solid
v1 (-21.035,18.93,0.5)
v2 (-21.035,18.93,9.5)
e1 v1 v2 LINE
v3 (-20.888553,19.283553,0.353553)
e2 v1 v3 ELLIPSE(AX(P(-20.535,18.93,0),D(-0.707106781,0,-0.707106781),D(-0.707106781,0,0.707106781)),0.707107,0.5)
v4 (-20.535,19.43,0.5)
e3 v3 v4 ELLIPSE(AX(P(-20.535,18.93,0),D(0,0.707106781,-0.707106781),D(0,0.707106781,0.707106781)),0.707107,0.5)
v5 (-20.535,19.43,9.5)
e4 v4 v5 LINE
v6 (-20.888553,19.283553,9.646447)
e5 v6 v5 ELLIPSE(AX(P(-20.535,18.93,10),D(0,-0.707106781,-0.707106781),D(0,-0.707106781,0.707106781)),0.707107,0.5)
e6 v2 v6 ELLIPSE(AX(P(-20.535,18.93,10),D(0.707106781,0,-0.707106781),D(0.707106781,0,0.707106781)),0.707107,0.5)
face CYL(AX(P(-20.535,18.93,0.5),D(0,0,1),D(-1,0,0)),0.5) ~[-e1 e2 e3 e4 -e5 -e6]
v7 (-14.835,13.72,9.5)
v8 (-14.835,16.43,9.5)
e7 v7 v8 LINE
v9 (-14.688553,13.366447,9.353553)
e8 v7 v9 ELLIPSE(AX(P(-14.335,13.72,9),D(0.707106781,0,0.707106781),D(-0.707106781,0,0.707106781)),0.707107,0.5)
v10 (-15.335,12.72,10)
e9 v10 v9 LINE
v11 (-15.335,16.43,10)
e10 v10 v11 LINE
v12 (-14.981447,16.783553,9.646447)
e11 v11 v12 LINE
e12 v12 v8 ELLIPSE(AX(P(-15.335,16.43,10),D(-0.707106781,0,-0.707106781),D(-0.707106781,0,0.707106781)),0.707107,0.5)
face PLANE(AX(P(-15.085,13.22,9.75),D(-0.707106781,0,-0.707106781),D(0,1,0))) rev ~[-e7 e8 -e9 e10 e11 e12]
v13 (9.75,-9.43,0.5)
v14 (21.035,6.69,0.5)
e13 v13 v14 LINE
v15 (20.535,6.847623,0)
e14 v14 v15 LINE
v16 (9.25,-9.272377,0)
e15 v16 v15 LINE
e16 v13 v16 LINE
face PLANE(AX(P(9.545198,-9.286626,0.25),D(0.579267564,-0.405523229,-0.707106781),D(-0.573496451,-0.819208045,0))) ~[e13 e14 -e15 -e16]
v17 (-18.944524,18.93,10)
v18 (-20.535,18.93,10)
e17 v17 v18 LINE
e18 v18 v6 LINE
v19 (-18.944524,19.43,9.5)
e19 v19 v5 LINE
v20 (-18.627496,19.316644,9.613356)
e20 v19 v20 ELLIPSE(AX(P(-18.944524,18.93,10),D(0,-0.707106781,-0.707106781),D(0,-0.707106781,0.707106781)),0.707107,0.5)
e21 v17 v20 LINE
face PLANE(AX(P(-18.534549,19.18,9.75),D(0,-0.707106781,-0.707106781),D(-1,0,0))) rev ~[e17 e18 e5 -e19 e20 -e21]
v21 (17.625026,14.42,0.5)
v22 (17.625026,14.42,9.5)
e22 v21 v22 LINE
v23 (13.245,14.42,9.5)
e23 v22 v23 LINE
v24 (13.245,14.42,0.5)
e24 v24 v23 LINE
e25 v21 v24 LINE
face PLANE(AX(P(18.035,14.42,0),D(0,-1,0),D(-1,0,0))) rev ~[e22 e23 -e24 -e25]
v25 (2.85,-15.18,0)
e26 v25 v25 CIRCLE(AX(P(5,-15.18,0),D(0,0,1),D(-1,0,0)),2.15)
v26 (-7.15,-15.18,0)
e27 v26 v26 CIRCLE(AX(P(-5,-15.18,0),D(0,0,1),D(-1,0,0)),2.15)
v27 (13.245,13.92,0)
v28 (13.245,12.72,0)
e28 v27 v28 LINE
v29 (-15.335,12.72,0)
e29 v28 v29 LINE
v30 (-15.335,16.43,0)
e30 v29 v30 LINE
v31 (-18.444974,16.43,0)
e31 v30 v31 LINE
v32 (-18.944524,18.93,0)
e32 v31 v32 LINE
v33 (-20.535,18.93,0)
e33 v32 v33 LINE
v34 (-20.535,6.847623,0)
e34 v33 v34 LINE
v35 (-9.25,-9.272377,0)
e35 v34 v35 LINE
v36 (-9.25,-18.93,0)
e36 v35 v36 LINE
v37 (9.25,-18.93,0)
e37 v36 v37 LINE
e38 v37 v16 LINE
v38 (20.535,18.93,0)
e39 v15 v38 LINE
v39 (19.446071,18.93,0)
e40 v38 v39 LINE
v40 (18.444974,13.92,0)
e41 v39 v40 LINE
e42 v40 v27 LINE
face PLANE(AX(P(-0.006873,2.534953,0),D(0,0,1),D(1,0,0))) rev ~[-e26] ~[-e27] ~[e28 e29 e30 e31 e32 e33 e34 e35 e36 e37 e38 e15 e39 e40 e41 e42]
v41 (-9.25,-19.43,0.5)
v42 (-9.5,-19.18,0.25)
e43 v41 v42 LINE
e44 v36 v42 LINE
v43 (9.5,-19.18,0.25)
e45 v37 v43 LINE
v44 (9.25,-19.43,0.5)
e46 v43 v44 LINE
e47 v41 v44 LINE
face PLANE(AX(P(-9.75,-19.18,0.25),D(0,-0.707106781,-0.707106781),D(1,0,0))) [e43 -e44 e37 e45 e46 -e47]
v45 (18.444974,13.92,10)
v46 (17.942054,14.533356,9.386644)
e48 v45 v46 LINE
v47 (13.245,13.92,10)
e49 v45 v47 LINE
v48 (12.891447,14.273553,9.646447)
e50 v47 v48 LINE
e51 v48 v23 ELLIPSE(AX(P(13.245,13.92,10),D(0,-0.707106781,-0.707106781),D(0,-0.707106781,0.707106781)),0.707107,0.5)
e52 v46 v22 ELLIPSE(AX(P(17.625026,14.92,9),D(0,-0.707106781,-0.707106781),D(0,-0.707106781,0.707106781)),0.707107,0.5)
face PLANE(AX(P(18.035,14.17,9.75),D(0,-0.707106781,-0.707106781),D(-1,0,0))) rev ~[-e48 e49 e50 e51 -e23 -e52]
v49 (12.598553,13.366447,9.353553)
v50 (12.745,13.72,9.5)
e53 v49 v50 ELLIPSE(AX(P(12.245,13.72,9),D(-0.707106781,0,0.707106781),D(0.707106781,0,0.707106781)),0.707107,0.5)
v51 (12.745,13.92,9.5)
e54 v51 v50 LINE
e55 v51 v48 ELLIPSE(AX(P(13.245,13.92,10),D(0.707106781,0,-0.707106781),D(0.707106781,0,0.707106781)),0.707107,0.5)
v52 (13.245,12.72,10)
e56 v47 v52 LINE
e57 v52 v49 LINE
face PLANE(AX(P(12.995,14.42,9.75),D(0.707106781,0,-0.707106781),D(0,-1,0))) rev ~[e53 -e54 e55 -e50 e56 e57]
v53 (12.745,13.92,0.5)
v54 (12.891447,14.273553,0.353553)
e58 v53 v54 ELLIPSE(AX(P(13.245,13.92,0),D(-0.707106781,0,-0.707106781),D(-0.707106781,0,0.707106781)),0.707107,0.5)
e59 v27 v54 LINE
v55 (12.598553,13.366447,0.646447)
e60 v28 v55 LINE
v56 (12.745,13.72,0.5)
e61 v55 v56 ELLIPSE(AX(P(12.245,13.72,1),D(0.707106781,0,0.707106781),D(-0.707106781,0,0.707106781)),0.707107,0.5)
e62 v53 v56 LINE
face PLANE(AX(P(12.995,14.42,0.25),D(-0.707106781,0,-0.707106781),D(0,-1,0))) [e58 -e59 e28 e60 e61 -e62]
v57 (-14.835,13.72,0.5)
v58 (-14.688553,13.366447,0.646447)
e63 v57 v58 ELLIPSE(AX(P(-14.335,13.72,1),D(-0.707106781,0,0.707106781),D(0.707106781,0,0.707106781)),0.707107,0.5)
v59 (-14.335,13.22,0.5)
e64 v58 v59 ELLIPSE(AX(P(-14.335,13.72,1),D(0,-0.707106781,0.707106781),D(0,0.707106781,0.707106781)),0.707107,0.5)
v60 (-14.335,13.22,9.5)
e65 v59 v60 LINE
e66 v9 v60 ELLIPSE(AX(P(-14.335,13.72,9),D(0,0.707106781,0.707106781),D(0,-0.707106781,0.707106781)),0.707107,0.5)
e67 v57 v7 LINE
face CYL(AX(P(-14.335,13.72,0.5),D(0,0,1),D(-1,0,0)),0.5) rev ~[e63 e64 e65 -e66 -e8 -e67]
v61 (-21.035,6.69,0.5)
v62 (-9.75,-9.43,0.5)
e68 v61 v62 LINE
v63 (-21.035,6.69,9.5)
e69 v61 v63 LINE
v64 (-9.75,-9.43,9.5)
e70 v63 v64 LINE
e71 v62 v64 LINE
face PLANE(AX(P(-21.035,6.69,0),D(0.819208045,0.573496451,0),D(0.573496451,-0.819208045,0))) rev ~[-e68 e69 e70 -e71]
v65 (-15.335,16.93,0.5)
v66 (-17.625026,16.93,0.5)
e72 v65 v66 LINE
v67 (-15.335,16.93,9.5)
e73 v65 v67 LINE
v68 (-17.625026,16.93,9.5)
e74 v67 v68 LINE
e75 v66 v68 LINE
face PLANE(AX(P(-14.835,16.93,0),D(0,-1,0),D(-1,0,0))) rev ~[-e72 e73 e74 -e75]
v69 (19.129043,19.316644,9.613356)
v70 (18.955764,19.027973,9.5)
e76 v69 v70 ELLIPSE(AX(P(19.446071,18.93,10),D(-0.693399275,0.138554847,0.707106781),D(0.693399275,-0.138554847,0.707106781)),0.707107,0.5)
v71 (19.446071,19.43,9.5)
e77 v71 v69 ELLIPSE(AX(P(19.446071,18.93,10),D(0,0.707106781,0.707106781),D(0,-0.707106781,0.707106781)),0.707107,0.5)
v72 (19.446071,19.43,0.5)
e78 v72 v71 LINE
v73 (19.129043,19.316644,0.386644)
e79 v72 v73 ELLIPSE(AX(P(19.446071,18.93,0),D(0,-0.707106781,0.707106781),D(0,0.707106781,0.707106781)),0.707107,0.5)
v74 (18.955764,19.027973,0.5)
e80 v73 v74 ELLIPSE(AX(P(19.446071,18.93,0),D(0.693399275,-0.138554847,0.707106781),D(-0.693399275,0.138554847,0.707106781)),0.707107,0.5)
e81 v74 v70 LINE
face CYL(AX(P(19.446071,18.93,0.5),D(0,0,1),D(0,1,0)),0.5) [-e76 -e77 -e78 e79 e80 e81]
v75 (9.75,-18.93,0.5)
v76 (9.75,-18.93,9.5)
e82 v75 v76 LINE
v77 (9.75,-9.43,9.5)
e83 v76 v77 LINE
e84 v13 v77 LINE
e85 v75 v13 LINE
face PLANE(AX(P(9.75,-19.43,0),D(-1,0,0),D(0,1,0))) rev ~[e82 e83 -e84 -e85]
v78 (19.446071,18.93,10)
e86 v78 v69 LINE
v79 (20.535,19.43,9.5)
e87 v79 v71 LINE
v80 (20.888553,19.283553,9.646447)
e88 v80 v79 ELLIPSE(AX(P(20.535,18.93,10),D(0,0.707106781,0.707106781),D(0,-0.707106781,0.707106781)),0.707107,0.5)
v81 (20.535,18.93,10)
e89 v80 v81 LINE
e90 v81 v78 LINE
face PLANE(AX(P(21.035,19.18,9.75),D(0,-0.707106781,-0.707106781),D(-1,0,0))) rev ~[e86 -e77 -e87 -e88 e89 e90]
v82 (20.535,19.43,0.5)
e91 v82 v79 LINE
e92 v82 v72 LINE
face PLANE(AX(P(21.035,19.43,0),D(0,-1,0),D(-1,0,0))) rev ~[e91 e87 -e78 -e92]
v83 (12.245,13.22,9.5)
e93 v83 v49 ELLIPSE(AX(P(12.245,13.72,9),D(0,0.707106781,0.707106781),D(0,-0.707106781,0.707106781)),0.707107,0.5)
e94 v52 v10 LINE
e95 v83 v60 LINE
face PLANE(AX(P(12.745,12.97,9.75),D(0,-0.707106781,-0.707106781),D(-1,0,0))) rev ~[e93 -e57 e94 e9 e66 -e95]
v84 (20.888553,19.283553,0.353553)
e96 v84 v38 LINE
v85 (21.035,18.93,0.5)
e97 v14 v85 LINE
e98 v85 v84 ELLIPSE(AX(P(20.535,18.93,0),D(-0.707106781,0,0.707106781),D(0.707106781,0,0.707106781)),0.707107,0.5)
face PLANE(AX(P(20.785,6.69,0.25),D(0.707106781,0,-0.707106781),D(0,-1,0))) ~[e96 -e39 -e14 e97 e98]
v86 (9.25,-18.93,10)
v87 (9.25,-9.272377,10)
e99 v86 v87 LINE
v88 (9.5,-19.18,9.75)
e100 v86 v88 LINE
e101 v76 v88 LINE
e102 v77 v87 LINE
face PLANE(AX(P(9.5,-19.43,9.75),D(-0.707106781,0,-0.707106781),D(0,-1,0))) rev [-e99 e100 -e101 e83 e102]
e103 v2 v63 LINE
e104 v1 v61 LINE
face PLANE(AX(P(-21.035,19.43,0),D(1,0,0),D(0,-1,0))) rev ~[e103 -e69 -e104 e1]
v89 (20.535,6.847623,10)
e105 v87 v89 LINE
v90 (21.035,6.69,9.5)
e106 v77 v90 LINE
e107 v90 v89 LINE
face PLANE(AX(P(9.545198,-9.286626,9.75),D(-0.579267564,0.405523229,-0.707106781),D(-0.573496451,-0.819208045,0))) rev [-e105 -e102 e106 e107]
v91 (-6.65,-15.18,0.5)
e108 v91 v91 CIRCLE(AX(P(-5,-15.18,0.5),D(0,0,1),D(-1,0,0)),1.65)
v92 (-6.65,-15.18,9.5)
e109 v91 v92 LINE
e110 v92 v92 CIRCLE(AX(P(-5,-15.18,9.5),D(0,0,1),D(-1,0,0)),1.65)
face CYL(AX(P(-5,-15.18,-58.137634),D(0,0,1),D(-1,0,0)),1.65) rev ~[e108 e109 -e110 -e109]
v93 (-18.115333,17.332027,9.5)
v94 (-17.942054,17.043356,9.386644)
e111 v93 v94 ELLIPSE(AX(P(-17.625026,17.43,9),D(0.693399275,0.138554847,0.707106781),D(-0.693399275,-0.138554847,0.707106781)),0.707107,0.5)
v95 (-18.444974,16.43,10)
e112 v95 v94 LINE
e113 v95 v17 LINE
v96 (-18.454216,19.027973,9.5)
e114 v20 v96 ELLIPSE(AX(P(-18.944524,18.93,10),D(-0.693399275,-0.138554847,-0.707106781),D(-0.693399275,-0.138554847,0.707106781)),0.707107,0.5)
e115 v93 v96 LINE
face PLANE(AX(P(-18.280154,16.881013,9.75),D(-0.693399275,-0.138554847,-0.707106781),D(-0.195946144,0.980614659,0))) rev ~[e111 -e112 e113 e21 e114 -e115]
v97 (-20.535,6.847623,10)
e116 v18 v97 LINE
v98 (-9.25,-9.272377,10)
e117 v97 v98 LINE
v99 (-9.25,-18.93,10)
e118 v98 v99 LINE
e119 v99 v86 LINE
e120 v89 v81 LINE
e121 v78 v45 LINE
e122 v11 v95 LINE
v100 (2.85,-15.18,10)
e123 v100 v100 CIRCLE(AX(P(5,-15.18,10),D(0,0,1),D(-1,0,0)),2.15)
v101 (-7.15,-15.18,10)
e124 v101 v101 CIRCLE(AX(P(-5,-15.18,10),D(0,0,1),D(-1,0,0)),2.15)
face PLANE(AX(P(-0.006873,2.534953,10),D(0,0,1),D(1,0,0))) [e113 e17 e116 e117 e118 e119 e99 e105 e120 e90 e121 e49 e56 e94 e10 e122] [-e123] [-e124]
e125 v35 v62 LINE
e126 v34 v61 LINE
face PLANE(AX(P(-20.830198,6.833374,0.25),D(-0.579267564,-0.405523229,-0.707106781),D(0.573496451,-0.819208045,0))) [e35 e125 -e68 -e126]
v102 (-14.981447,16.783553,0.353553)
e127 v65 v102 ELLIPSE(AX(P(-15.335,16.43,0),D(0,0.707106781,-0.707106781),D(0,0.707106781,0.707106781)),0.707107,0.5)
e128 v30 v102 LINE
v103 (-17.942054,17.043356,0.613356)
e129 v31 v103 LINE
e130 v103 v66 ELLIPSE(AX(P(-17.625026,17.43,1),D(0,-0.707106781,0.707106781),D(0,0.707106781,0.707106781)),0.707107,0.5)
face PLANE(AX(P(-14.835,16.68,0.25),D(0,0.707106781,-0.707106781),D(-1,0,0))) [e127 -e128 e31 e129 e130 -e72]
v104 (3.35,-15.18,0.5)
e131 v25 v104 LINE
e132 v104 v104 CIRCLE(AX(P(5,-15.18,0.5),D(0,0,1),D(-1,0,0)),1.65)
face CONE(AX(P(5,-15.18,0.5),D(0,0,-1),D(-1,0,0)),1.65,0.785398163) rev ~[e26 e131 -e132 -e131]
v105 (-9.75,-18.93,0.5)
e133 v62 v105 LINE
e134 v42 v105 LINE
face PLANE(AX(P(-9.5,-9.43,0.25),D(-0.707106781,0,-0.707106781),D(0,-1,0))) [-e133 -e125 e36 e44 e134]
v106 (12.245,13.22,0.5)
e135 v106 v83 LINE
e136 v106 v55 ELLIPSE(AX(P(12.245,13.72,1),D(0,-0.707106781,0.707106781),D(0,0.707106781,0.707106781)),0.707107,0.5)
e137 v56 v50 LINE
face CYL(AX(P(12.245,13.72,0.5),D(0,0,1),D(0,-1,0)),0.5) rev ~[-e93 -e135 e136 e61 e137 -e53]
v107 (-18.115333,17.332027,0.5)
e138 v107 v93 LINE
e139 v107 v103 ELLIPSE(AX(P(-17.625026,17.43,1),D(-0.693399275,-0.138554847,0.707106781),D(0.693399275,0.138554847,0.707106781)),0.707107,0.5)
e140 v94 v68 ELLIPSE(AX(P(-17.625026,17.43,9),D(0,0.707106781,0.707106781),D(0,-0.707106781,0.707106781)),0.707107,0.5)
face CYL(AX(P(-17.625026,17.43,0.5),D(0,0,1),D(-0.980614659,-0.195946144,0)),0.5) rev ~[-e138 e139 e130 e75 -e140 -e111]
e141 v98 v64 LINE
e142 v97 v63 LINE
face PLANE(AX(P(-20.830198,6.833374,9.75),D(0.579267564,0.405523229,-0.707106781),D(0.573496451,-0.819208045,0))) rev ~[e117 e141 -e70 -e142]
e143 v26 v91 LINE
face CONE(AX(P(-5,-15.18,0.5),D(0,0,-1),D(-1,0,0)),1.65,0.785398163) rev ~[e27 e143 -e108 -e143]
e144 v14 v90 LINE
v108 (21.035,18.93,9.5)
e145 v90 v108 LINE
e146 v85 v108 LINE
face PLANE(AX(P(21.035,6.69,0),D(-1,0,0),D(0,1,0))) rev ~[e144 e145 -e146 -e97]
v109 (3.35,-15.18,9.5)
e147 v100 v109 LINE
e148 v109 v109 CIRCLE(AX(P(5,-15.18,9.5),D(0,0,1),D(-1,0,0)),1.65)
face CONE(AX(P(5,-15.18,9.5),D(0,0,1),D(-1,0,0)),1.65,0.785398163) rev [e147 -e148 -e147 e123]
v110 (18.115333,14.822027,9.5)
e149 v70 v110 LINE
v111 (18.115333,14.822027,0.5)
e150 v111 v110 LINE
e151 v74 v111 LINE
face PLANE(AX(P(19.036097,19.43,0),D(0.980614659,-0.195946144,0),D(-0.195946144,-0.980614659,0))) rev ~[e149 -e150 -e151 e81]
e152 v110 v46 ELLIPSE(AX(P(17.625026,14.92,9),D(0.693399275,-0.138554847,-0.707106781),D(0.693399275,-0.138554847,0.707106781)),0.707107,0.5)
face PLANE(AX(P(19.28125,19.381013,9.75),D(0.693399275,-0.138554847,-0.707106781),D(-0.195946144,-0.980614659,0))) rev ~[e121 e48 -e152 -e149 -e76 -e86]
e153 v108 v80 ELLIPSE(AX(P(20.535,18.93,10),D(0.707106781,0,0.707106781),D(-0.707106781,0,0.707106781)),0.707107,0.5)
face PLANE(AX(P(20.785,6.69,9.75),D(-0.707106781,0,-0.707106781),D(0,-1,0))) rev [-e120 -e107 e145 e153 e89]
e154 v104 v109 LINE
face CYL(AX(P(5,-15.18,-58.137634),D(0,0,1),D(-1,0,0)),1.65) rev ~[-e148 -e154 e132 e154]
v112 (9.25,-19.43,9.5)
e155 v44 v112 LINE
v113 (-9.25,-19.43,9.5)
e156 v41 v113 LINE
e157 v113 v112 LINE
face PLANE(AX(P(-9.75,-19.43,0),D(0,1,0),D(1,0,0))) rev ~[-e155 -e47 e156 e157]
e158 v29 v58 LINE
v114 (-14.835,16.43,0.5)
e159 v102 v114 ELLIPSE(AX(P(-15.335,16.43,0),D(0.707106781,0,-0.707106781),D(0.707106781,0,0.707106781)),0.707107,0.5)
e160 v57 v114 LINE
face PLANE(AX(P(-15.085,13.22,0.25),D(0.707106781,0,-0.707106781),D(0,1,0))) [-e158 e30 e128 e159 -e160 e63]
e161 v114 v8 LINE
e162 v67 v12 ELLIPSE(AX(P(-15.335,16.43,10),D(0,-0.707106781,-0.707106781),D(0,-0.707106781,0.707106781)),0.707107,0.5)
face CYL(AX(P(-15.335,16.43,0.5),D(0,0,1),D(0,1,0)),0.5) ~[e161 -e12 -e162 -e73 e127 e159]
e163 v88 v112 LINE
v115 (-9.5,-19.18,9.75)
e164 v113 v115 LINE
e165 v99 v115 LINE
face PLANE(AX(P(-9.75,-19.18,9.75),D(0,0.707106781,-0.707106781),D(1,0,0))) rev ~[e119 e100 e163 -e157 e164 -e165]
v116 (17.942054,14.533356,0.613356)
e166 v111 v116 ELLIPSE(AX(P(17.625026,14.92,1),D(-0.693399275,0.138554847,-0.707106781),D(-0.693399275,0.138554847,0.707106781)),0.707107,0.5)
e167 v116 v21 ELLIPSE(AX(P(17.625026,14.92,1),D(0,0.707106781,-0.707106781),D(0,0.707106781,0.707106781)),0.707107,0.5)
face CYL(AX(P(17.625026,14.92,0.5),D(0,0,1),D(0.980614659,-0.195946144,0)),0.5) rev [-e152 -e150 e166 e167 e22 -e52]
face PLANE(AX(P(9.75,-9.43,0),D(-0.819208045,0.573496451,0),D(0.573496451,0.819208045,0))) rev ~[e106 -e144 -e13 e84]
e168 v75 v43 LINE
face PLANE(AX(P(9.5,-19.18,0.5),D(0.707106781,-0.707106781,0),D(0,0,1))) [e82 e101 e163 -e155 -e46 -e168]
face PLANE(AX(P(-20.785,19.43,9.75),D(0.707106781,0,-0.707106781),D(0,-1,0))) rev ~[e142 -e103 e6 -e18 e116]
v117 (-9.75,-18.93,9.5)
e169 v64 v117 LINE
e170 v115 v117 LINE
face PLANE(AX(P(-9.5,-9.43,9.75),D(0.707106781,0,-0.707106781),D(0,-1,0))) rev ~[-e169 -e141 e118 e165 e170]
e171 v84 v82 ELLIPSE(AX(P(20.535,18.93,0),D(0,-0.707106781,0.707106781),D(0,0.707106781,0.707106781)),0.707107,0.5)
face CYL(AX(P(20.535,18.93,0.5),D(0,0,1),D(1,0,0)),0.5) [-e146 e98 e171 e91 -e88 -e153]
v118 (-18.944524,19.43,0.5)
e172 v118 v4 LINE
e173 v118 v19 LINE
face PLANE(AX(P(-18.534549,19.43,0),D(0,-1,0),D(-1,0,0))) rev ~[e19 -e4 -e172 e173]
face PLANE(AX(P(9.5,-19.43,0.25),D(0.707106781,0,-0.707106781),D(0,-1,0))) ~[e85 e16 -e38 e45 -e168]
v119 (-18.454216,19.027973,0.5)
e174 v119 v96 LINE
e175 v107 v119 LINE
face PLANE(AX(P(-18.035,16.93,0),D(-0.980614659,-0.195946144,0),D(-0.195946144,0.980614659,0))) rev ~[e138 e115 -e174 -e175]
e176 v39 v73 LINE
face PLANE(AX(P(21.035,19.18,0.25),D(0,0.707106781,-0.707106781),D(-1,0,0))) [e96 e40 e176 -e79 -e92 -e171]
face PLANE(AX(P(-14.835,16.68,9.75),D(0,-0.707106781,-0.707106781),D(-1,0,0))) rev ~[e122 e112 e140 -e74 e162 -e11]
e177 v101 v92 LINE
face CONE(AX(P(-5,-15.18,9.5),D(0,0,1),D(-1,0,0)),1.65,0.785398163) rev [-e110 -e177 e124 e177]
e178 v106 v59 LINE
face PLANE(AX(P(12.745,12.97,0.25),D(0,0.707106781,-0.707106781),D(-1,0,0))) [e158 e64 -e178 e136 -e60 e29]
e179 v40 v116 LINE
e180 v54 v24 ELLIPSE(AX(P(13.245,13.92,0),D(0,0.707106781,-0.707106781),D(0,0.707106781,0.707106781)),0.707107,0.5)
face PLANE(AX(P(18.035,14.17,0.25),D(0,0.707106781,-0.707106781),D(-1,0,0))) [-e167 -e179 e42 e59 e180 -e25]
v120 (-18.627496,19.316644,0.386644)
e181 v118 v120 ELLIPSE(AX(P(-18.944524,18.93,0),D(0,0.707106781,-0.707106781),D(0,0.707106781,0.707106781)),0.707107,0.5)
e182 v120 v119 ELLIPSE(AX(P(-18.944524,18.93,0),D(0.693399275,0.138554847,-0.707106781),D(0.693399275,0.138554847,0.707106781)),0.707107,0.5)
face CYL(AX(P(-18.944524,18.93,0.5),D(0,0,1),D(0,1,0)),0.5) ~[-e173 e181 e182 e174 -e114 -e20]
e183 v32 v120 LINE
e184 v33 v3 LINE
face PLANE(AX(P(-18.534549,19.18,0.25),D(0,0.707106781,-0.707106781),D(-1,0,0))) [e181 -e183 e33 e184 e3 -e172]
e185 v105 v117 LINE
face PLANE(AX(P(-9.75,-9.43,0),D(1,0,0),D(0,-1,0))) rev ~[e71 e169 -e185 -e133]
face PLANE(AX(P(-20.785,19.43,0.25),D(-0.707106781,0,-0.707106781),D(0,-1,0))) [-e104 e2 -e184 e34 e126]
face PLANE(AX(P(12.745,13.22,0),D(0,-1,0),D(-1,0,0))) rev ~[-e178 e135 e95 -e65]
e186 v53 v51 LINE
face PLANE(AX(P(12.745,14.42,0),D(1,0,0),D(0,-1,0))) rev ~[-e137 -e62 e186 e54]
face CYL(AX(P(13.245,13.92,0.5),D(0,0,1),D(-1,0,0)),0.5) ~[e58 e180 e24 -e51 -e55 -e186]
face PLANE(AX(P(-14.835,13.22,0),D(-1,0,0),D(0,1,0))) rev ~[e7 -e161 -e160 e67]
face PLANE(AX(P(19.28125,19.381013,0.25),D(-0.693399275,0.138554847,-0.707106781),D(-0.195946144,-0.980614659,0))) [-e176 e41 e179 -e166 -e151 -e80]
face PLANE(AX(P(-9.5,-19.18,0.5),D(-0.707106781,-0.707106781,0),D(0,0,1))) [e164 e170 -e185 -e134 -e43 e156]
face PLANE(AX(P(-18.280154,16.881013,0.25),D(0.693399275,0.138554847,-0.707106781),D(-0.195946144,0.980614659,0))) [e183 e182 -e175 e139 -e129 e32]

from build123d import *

# Parameters (mm, degrees)
F1_DEPTH = 10
F2_D     = 3.3
F3_SIZE  = 0.5
F4_R     = 0.5
F5_SIZE  = 0.5


with BuildPart() as f1:
    # F0 (on Top) → F1 (new body)
    with BuildSketch(Plane.XY):
        Polygon((9.75, -9.43), (21.035, 6.69), (21.035, 19.43), (19.0360967857, 19.43), (18.035, 14.42), (12.745, 14.42), (12.745, 13.22), (-14.835, 13.22), (-14.835, 16.93), (-18.035, 16.93), (-18.5345492942, 19.43), (-21.035, 19.43), (-21.035, 6.69), (-9.75, -9.43), (-9.75, -19.43), (9.75, -19.43), align=None)
    extrude(amount=F1_DEPTH)

    # F2 (through all)
    with Locations(Plane(origin=(0, 0, 0), x_dir=(1, 0, 0), z_dir=(0, 0, -1))):
        with Locations((5, 15.18), (-5, 15.18)):
            Hole(F2_D / 2)

    # F3
    f3_edges = [f1.edges().sort_by_distance(p)[0] for p in [
        (-15.3925, -1.37, 10),
        (-21.035, 13.06, 10),
        (-9.75, -14.43, 10),
        (-19.784775, 19.43, 10),
        (0, -19.43, 10),
        (-18.284775, 18.18, 10),
        (9.75, -14.43, 10),
        (-16.435, 16.93, 10),
        (15.3925, -1.37, 10),
        (-14.835, 15.075, 10),
        (21.035, 13.06, 10),
        (-1.045, 13.22, 10),
        (20.035548, 19.43, 10),
        (12.745, 13.82, 10),
        (18.535548, 16.925, 10),
        (15.39, 14.42, 10),
        (-6.65, -15.18, 10),
        (3.35, -15.18, 10),
        (-15.3925, -1.37, 0),
        (-21.035, 13.06, 0),
        (-9.75, -14.43, 0),
        (-19.784775, 19.43, 0),
        (0, -19.43, 0),
        (-18.284775, 18.18, 0),
        (9.75, -14.43, 0),
        (-16.435, 16.93, 0),
        (15.3925, -1.37, 0),
        (-14.835, 15.075, 0),
        (21.035, 13.06, 0),
        (-1.045, 13.22, 0),
        (20.035548, 19.43, 0),
        (12.745, 13.82, 0),
        (18.535548, 16.925, 0),
        (15.39, 14.42, 0),
        (-6.65, -15.18, 0),
        (3.35, -15.18, 0),
    ]]
    chamfer(f3_edges, length=F3_SIZE)

    # F4
    f4_edges = [f1.edges().sort_by_distance(p)[0] for p in [
        (-21.035, 19.43, 5),
        (-18.534549, 19.43, 5),
        (-18.035, 16.93, 5),
        (-14.835, 16.93, 5),
        (-14.835, 13.22, 5),
        (21.035, 19.43, 5),
        (19.036097, 19.43, 5),
        (18.035, 14.42, 5),
        (12.745, 14.42, 5),
        (12.745, 13.22, 5),
    ]]
    fillet(f4_edges, radius=F4_R)

    # F5
    f5_edges = [f1.edges().sort_by_distance(p)[0] for p in [
        (-9.75, -19.43, 5),
        (9.75, -19.43, 5),
    ]]
    chamfer(f5_edges, length=F5_SIZE)


solid = f1.part
